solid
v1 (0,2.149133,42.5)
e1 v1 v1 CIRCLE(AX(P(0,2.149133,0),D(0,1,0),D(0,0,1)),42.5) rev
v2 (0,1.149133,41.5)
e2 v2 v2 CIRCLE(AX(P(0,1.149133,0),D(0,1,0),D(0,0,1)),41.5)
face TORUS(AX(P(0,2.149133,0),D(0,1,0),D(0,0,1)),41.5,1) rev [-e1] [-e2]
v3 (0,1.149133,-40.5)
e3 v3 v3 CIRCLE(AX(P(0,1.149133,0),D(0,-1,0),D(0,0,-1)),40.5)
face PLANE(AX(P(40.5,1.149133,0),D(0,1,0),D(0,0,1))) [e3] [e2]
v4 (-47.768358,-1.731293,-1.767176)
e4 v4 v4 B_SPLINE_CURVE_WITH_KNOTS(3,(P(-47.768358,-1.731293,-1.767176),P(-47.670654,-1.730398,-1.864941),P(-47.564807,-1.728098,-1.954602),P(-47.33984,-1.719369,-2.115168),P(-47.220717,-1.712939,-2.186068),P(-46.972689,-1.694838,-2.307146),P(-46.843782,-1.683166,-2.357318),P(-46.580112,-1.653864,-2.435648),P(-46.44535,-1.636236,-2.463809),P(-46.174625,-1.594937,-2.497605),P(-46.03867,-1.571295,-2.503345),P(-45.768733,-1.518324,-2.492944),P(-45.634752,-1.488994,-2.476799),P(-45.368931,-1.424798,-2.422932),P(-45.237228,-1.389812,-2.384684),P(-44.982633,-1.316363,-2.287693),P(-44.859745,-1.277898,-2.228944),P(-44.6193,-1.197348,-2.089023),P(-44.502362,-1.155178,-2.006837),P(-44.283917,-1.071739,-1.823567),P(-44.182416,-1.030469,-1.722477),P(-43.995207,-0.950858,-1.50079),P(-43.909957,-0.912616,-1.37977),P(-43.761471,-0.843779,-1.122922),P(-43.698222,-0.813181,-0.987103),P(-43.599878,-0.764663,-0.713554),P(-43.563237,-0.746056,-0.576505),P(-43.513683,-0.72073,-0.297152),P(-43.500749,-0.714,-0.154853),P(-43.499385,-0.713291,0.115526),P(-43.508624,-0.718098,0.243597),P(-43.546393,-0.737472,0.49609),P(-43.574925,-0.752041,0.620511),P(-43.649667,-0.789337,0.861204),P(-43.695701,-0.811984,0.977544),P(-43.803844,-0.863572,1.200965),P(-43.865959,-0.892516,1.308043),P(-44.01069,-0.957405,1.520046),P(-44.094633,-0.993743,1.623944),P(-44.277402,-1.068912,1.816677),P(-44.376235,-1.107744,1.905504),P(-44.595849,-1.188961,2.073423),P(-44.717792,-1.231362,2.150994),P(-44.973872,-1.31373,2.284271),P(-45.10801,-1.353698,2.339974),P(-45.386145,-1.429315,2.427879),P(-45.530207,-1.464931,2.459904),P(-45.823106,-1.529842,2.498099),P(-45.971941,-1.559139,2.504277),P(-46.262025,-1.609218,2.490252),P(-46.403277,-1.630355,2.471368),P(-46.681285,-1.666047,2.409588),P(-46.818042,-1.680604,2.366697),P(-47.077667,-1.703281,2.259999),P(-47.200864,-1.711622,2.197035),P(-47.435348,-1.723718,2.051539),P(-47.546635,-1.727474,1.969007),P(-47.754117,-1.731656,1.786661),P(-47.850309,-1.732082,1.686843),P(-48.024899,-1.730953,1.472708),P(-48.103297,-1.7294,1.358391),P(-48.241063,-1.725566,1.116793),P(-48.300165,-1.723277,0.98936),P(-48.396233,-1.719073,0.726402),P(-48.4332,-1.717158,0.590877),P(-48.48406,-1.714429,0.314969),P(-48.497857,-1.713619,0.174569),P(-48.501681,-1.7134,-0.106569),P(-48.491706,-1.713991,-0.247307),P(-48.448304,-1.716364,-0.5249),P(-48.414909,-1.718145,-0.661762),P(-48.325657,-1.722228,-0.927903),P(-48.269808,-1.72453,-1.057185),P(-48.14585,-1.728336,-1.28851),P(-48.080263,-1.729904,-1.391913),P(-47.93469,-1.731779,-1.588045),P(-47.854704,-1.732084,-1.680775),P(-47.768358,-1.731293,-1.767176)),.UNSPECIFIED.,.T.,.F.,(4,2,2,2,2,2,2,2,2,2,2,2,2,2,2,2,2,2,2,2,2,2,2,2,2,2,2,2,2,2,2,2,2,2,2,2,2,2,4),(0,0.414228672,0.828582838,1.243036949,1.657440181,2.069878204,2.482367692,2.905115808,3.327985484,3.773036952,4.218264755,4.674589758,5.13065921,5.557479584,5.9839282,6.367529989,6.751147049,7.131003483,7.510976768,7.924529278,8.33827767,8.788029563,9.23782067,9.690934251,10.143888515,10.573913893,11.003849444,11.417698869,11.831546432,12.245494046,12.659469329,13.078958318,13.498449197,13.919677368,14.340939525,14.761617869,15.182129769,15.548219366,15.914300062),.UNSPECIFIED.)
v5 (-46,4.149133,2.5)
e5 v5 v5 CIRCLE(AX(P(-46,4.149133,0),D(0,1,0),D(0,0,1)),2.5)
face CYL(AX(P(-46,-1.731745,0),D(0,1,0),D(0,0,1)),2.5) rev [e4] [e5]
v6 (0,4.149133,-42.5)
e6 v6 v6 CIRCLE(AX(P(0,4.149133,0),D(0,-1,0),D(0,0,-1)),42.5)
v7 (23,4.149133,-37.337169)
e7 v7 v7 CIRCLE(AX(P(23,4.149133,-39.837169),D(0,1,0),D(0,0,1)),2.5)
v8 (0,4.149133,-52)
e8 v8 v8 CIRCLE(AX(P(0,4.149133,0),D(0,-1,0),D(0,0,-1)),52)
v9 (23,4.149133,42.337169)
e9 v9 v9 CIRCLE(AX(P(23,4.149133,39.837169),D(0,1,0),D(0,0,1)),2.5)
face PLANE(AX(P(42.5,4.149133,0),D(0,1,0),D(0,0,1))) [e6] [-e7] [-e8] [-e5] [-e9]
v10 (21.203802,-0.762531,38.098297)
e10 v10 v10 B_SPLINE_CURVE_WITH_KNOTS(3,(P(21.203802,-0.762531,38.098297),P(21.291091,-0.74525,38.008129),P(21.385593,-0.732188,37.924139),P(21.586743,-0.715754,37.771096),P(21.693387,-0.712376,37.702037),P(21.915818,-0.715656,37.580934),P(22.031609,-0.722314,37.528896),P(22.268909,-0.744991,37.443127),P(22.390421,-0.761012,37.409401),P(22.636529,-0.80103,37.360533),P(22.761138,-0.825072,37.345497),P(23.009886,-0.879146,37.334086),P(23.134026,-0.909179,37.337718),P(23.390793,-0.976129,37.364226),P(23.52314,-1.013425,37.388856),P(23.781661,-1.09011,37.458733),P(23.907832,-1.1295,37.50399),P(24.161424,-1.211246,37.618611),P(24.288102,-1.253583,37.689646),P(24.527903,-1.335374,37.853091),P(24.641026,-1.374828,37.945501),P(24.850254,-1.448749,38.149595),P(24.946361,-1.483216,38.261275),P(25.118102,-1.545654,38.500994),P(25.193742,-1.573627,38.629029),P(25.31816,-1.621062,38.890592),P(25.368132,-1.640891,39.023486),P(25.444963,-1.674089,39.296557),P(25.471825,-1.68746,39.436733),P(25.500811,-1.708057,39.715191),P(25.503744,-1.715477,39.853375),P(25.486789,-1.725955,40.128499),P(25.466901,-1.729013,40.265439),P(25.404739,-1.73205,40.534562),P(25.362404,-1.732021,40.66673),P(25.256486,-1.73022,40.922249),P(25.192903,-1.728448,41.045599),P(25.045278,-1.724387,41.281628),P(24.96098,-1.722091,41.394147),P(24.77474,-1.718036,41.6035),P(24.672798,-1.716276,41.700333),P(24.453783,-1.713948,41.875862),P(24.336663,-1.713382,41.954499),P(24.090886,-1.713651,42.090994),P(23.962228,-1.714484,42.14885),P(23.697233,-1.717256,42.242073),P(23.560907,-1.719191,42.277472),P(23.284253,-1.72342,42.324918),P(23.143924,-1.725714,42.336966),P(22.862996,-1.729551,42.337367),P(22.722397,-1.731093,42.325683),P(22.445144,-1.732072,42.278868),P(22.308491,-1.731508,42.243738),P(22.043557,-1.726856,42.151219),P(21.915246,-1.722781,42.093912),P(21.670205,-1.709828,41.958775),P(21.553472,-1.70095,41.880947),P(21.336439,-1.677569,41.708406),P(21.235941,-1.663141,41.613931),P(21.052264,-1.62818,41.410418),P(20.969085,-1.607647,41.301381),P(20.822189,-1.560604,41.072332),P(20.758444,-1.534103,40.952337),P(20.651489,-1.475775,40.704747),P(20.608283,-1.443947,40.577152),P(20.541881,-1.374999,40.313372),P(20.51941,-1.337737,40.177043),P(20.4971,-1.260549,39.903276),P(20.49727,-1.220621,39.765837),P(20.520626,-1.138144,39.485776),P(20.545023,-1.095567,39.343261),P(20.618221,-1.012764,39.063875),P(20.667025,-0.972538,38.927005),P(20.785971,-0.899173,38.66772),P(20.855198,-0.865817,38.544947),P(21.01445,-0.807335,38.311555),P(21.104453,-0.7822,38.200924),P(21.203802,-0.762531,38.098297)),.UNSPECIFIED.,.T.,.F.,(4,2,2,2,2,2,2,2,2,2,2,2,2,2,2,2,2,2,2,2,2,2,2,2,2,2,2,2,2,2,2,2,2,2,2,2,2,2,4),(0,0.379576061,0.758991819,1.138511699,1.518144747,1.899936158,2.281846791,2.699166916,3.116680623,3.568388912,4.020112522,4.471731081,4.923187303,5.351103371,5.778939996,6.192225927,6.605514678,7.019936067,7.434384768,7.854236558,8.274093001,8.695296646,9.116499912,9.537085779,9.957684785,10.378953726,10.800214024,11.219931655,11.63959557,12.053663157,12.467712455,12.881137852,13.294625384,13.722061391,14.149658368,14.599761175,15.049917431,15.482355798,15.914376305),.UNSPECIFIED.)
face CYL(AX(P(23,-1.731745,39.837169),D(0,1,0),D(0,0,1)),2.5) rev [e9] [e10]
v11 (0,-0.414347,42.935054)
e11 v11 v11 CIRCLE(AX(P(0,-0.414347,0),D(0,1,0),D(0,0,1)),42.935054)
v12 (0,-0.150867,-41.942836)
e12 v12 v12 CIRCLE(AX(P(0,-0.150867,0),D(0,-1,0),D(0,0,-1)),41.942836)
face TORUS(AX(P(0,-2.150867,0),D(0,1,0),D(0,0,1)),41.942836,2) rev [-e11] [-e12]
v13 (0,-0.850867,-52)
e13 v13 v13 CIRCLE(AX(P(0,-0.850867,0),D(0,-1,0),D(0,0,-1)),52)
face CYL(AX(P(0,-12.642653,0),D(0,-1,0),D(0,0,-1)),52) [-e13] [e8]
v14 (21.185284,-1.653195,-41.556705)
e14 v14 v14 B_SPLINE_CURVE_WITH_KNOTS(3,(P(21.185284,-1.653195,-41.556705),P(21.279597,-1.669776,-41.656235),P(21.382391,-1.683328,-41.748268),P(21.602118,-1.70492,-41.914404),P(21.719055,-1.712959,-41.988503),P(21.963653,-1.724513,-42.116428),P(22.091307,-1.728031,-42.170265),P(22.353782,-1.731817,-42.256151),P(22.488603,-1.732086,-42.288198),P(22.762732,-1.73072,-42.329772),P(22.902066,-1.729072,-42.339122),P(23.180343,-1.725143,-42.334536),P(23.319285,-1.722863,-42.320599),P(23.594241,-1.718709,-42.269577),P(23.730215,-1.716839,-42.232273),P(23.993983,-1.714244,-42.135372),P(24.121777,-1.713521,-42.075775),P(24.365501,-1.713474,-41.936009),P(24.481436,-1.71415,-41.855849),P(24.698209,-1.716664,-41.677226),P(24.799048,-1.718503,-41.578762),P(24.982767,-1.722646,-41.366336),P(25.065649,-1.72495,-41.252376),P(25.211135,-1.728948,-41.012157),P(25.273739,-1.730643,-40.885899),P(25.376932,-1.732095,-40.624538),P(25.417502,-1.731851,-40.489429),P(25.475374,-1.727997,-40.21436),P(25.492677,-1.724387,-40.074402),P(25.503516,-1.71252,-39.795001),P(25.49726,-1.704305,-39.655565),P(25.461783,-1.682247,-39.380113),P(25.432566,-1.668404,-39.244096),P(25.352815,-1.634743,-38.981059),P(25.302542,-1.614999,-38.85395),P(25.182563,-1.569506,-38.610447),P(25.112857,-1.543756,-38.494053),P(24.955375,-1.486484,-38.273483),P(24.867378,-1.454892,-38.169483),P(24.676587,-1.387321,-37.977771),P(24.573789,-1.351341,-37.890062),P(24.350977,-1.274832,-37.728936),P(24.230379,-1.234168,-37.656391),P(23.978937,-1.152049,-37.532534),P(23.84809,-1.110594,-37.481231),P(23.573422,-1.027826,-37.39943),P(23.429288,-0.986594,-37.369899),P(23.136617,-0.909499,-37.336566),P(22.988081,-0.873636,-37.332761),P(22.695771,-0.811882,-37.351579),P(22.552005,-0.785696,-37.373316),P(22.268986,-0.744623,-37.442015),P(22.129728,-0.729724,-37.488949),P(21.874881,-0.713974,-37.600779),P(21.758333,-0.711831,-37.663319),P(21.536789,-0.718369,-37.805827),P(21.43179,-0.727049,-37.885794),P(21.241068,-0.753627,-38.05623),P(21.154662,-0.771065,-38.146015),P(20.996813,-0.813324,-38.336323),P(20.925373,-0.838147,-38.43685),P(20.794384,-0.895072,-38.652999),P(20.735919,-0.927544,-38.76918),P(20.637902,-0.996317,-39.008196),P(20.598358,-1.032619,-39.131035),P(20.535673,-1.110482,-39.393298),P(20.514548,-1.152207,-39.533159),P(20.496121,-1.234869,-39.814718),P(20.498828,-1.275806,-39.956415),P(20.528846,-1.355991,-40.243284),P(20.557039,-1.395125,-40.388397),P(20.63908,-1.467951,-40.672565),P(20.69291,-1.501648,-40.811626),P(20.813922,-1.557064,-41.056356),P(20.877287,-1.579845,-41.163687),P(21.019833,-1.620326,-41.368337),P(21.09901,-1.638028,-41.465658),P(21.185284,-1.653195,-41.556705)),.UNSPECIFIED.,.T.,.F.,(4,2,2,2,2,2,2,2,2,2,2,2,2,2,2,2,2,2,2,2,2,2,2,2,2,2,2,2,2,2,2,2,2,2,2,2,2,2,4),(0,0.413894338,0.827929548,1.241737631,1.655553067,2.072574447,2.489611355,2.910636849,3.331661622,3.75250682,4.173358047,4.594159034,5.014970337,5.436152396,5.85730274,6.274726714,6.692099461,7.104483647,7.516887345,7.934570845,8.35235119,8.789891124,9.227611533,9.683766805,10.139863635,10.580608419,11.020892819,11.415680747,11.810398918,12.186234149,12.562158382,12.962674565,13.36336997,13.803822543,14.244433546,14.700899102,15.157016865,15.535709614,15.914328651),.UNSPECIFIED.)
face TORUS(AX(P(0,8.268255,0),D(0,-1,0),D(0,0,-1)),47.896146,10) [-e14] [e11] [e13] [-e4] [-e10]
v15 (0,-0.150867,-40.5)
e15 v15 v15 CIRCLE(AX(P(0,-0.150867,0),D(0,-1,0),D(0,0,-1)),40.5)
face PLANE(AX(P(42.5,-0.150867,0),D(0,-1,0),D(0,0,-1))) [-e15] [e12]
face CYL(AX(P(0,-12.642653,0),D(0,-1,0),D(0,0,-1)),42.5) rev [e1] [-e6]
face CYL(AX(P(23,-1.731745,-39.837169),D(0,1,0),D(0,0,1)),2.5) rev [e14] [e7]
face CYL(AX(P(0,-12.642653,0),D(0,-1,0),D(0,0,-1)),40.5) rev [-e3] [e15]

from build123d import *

# Parameters (mm, degrees)
FILETE1_R             = 1
FILETE2_R             = 2
ESBO_O2_R             = 2.5
CORTE_EXTRUS_O1_DEPTH = 74.773875806


with BuildPart() as part:
    # Esboço1 → Revolução1 (revolve)
    with BuildSketch(Plane.XY, mode=Mode.PRIVATE) as revolu_o1_sk:
        with BuildLine():
            Line((52, 4.149133087), (52, -0.850866913))
            ThreePointArc((52, -0.850866913), (47.161295888, -1.704708432), (42.5, -0.150866913))
            Line((42.5, -0.150866913), (40.5, -0.150866913))
            Line((40.5, -0.150866913), (40.5, 1.149133087))
            Line((40.5, 1.149133087), (42.5, 1.149133087))
            Line((42.5, 1.149133087), (42.5, 4.149133087))
            Line((42.5, 4.149133087), (52, 4.149133087))
        make_face()
    revolve(revolu_o1_sk.sketch.rotate(Axis((0, -12.642652583, 0), (0, 1, 0)), 90), axis=Axis((0, -12.642652583, 0), (0, 1, 0)))

    # Filete1
    filete1_edges = [part.edges().sort_by_distance(p)[0] for p in [
        (0, 1.149133087, 42.5),
    ]]
    fillet(filete1_edges, radius=FILETE1_R)

    # Filete2
    filete2_edges = [part.edges().sort_by_distance(p)[0] for p in [
        (0, -0.150866913, 42.5),
    ]]
    fillet(filete2_edges, radius=FILETE2_R)

    # Esboço2 → Corte-extrusão1 (cut, through all)
    with BuildSketch(Plane(origin=(0, 4.149133087, 0), x_dir=(1, 0, 0), z_dir=(0, 1, 0))):
        with Locations(Location((-46, 0, 0), (0, 0, 270))):
            Circle(ESBO_O2_R)
        with Locations(Location((23, 39.837168574, 0), (0, 0, 270))):
            Circle(ESBO_O2_R)
        with Locations(Location((23, -39.837168574, 0), (0, 0, 270))):
            Circle(ESBO_O2_R)
    extrude(amount=-CORTE_EXTRUS_O1_DEPTH, mode=Mode.SUBTRACT)


solid = part.part
